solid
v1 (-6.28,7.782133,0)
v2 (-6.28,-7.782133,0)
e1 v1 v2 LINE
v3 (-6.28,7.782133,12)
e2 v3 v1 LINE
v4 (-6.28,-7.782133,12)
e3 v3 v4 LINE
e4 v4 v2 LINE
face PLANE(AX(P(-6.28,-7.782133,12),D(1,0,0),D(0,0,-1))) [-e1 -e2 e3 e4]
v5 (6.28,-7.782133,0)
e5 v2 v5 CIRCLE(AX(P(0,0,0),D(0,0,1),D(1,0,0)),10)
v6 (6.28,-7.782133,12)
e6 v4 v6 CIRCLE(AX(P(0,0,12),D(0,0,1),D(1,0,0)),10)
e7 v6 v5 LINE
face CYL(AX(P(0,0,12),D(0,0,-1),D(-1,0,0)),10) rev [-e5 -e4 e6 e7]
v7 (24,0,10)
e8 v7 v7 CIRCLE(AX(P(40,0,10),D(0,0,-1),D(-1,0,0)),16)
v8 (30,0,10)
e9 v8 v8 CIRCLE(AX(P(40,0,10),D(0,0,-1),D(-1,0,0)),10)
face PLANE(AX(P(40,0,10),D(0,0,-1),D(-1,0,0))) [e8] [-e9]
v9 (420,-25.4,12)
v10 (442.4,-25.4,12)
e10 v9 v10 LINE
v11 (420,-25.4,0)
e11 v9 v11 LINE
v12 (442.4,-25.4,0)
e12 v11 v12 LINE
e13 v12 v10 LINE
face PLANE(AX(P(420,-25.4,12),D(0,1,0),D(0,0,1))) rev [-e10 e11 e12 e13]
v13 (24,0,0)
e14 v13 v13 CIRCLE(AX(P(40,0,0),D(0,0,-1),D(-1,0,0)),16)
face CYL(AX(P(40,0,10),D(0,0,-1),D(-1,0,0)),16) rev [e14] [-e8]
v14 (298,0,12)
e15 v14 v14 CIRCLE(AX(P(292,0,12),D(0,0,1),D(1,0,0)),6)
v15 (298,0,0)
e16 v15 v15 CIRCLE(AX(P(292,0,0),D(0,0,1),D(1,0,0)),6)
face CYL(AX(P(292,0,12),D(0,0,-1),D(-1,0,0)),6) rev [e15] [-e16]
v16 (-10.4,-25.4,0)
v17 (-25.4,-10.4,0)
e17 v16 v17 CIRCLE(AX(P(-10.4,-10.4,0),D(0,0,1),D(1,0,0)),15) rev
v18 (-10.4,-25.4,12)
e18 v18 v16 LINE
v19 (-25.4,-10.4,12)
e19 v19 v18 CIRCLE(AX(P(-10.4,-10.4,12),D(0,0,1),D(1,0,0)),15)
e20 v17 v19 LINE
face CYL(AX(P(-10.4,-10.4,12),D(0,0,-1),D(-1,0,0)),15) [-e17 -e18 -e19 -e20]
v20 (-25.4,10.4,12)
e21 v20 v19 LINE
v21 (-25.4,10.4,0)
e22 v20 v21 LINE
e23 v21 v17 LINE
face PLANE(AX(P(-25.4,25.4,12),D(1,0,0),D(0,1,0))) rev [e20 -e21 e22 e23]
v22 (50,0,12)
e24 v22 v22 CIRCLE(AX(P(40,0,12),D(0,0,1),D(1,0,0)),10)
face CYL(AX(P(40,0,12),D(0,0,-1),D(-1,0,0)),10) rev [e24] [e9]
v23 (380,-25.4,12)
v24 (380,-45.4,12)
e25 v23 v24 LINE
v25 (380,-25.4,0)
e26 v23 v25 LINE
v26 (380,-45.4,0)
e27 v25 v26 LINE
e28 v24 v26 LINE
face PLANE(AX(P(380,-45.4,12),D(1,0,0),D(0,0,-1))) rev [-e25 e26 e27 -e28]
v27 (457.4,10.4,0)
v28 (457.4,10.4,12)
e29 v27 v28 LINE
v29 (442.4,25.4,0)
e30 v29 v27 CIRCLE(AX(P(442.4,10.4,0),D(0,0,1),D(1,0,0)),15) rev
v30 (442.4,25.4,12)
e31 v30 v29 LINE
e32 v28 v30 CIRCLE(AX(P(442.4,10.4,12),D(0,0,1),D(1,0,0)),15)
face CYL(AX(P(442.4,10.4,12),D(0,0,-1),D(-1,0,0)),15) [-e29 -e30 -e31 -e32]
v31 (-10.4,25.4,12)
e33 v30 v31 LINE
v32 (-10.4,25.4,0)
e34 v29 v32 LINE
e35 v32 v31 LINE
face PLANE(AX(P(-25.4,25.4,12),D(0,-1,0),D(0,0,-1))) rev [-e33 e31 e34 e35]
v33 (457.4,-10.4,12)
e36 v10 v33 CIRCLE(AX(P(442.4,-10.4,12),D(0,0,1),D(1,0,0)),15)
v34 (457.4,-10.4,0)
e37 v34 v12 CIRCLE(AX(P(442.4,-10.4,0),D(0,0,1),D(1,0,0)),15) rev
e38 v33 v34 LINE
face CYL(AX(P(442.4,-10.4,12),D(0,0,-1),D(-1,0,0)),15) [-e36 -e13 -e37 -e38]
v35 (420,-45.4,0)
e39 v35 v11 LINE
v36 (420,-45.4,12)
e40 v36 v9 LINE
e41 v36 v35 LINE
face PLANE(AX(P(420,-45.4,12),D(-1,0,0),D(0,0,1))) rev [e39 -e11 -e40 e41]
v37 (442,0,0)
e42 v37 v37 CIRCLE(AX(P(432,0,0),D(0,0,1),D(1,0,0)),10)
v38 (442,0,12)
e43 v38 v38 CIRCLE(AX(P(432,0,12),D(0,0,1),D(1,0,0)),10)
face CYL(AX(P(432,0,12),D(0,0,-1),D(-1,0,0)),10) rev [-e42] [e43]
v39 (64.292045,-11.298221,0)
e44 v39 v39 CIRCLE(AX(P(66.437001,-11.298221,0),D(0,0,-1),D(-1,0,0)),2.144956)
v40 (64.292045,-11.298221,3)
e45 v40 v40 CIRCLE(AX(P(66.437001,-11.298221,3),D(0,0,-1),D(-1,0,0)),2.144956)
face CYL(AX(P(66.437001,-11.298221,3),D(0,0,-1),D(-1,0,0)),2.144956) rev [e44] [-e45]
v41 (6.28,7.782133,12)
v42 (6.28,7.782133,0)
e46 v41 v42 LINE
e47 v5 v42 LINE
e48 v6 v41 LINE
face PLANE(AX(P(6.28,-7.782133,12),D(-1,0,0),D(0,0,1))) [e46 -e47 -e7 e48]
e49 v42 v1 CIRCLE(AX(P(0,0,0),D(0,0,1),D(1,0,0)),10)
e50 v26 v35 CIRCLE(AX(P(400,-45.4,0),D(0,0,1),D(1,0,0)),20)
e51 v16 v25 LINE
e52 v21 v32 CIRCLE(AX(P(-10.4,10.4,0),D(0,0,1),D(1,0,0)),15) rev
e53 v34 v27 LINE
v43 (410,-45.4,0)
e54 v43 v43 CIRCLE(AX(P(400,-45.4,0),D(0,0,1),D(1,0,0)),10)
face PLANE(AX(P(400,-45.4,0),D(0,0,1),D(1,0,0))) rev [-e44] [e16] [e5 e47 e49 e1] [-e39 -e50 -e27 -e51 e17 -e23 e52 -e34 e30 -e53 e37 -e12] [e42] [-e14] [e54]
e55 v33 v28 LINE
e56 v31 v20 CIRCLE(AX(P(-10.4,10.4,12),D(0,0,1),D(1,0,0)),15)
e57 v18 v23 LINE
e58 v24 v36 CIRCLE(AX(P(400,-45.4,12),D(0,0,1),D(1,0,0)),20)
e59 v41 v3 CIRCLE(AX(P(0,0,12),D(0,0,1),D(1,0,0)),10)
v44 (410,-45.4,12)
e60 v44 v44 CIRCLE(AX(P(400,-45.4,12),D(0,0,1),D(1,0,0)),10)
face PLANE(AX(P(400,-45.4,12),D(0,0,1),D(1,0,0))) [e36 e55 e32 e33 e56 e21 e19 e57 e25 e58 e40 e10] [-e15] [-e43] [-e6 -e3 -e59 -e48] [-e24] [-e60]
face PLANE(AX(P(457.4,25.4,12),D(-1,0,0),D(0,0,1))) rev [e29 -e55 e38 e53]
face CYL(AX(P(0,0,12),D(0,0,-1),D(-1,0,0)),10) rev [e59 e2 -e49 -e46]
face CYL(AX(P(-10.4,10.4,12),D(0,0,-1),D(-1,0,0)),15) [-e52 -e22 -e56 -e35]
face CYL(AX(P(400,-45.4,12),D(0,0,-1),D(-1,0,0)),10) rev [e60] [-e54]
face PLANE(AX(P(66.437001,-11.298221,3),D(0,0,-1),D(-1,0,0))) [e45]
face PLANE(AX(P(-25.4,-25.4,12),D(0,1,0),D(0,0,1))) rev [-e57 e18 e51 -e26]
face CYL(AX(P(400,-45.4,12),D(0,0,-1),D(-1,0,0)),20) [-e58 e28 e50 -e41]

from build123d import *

# Parameters (mm, degrees)
CROQUIS1_R              = 10
CROQUIS1_R_2            = 6
SALIENTE_EXTRUIR1_DEPTH = 12
CROQUIS2_R              = 2.144956207
CORTAR_EXTRUIR1_DEPTH   = 3
CROQUIS3_R              = 16
CORTAR_EXTRUIR2_DEPTH   = 10
REDONDEO1_R             = 15
REDONDEO2_R             = 15


with BuildPart() as part:
    # Croquis1 → Saliente-Extruir1 (new body)
    with BuildSketch(Plane.XY):
        with BuildLine():
            Line((380, -45.4), (380, -25.4))
            Line((380, -25.4), (-25.4, -25.4))
            Line((-25.4, -25.4), (-25.4, 25.4))
            Line((-25.4, 25.4), (457.4, 25.4))
            Line((457.4, 25.4), (457.4, -25.4))
            Line((457.4, -25.4), (420, -25.4))
            Line((420, -25.4), (420, -45.4))
            ThreePointArc((420, -45.4), (400, -65.4), (380, -45.4))
        make_face()
        with Locations((432, 0)):
            Circle(CROQUIS1_R, mode=Mode.SUBTRACT)
        with Locations((40, 0)):
            Circle(CROQUIS1_R, mode=Mode.SUBTRACT)
        with Locations((292, 0)):
            Circle(CROQUIS1_R_2, mode=Mode.SUBTRACT)
        with Locations((400, -45.4)):
            Circle(CROQUIS1_R, mode=Mode.SUBTRACT)
        with BuildLine():
            Line((-6.28, -7.782133384), (-6.28, 7.782133384))
            ThreePointArc((-6.28, 7.782133384), (0, 10), (6.28, 7.782133384))
            Line((6.28, 7.782133384), (6.28, -7.782133384))
            ThreePointArc((6.28, -7.782133384), (0, -10), (-6.28, -7.782133384))
        make_face(mode=Mode.SUBTRACT)
    extrude(amount=SALIENTE_EXTRUIR1_DEPTH)

    # Croquis2 → Cortar-Extruir1 (cut)
    with BuildSketch(Plane(origin=(0, 0, 0), x_dir=(-1, 0, 0), z_dir=(0, 0, -1))):
        with Locations((-66.437001332, -11.298220954)):
            Circle(CROQUIS2_R)
    extrude(amount=-CORTAR_EXTRUIR1_DEPTH, mode=Mode.SUBTRACT)

    # Croquis3 → Cortar-Extruir2 (cut)
    with BuildSketch(Plane(origin=(0, 0, 0), x_dir=(-1, 0, 0), z_dir=(0, 0, -1))):
        with Locations((-40, 0)):
            Circle(CROQUIS3_R)
    extrude(amount=-CORTAR_EXTRUIR2_DEPTH, mode=Mode.SUBTRACT)

    # Redondeo1
    redondeo1_edges = [part.edges().sort_by_distance(p)[0] for p in [
        (-25.4, 25.4, 6),
        (-25.4, -25.4, 6),
    ]]
    fillet(redondeo1_edges, radius=REDONDEO1_R)

    # Redondeo2
    redondeo2_edges = [part.edges().sort_by_distance(p)[0] for p in [
        (457.4, 25.4, 6),
        (457.4, -25.4, 6),
    ]]
    fillet(redondeo2_edges, radius=REDONDEO2_R)


solid = part.part
